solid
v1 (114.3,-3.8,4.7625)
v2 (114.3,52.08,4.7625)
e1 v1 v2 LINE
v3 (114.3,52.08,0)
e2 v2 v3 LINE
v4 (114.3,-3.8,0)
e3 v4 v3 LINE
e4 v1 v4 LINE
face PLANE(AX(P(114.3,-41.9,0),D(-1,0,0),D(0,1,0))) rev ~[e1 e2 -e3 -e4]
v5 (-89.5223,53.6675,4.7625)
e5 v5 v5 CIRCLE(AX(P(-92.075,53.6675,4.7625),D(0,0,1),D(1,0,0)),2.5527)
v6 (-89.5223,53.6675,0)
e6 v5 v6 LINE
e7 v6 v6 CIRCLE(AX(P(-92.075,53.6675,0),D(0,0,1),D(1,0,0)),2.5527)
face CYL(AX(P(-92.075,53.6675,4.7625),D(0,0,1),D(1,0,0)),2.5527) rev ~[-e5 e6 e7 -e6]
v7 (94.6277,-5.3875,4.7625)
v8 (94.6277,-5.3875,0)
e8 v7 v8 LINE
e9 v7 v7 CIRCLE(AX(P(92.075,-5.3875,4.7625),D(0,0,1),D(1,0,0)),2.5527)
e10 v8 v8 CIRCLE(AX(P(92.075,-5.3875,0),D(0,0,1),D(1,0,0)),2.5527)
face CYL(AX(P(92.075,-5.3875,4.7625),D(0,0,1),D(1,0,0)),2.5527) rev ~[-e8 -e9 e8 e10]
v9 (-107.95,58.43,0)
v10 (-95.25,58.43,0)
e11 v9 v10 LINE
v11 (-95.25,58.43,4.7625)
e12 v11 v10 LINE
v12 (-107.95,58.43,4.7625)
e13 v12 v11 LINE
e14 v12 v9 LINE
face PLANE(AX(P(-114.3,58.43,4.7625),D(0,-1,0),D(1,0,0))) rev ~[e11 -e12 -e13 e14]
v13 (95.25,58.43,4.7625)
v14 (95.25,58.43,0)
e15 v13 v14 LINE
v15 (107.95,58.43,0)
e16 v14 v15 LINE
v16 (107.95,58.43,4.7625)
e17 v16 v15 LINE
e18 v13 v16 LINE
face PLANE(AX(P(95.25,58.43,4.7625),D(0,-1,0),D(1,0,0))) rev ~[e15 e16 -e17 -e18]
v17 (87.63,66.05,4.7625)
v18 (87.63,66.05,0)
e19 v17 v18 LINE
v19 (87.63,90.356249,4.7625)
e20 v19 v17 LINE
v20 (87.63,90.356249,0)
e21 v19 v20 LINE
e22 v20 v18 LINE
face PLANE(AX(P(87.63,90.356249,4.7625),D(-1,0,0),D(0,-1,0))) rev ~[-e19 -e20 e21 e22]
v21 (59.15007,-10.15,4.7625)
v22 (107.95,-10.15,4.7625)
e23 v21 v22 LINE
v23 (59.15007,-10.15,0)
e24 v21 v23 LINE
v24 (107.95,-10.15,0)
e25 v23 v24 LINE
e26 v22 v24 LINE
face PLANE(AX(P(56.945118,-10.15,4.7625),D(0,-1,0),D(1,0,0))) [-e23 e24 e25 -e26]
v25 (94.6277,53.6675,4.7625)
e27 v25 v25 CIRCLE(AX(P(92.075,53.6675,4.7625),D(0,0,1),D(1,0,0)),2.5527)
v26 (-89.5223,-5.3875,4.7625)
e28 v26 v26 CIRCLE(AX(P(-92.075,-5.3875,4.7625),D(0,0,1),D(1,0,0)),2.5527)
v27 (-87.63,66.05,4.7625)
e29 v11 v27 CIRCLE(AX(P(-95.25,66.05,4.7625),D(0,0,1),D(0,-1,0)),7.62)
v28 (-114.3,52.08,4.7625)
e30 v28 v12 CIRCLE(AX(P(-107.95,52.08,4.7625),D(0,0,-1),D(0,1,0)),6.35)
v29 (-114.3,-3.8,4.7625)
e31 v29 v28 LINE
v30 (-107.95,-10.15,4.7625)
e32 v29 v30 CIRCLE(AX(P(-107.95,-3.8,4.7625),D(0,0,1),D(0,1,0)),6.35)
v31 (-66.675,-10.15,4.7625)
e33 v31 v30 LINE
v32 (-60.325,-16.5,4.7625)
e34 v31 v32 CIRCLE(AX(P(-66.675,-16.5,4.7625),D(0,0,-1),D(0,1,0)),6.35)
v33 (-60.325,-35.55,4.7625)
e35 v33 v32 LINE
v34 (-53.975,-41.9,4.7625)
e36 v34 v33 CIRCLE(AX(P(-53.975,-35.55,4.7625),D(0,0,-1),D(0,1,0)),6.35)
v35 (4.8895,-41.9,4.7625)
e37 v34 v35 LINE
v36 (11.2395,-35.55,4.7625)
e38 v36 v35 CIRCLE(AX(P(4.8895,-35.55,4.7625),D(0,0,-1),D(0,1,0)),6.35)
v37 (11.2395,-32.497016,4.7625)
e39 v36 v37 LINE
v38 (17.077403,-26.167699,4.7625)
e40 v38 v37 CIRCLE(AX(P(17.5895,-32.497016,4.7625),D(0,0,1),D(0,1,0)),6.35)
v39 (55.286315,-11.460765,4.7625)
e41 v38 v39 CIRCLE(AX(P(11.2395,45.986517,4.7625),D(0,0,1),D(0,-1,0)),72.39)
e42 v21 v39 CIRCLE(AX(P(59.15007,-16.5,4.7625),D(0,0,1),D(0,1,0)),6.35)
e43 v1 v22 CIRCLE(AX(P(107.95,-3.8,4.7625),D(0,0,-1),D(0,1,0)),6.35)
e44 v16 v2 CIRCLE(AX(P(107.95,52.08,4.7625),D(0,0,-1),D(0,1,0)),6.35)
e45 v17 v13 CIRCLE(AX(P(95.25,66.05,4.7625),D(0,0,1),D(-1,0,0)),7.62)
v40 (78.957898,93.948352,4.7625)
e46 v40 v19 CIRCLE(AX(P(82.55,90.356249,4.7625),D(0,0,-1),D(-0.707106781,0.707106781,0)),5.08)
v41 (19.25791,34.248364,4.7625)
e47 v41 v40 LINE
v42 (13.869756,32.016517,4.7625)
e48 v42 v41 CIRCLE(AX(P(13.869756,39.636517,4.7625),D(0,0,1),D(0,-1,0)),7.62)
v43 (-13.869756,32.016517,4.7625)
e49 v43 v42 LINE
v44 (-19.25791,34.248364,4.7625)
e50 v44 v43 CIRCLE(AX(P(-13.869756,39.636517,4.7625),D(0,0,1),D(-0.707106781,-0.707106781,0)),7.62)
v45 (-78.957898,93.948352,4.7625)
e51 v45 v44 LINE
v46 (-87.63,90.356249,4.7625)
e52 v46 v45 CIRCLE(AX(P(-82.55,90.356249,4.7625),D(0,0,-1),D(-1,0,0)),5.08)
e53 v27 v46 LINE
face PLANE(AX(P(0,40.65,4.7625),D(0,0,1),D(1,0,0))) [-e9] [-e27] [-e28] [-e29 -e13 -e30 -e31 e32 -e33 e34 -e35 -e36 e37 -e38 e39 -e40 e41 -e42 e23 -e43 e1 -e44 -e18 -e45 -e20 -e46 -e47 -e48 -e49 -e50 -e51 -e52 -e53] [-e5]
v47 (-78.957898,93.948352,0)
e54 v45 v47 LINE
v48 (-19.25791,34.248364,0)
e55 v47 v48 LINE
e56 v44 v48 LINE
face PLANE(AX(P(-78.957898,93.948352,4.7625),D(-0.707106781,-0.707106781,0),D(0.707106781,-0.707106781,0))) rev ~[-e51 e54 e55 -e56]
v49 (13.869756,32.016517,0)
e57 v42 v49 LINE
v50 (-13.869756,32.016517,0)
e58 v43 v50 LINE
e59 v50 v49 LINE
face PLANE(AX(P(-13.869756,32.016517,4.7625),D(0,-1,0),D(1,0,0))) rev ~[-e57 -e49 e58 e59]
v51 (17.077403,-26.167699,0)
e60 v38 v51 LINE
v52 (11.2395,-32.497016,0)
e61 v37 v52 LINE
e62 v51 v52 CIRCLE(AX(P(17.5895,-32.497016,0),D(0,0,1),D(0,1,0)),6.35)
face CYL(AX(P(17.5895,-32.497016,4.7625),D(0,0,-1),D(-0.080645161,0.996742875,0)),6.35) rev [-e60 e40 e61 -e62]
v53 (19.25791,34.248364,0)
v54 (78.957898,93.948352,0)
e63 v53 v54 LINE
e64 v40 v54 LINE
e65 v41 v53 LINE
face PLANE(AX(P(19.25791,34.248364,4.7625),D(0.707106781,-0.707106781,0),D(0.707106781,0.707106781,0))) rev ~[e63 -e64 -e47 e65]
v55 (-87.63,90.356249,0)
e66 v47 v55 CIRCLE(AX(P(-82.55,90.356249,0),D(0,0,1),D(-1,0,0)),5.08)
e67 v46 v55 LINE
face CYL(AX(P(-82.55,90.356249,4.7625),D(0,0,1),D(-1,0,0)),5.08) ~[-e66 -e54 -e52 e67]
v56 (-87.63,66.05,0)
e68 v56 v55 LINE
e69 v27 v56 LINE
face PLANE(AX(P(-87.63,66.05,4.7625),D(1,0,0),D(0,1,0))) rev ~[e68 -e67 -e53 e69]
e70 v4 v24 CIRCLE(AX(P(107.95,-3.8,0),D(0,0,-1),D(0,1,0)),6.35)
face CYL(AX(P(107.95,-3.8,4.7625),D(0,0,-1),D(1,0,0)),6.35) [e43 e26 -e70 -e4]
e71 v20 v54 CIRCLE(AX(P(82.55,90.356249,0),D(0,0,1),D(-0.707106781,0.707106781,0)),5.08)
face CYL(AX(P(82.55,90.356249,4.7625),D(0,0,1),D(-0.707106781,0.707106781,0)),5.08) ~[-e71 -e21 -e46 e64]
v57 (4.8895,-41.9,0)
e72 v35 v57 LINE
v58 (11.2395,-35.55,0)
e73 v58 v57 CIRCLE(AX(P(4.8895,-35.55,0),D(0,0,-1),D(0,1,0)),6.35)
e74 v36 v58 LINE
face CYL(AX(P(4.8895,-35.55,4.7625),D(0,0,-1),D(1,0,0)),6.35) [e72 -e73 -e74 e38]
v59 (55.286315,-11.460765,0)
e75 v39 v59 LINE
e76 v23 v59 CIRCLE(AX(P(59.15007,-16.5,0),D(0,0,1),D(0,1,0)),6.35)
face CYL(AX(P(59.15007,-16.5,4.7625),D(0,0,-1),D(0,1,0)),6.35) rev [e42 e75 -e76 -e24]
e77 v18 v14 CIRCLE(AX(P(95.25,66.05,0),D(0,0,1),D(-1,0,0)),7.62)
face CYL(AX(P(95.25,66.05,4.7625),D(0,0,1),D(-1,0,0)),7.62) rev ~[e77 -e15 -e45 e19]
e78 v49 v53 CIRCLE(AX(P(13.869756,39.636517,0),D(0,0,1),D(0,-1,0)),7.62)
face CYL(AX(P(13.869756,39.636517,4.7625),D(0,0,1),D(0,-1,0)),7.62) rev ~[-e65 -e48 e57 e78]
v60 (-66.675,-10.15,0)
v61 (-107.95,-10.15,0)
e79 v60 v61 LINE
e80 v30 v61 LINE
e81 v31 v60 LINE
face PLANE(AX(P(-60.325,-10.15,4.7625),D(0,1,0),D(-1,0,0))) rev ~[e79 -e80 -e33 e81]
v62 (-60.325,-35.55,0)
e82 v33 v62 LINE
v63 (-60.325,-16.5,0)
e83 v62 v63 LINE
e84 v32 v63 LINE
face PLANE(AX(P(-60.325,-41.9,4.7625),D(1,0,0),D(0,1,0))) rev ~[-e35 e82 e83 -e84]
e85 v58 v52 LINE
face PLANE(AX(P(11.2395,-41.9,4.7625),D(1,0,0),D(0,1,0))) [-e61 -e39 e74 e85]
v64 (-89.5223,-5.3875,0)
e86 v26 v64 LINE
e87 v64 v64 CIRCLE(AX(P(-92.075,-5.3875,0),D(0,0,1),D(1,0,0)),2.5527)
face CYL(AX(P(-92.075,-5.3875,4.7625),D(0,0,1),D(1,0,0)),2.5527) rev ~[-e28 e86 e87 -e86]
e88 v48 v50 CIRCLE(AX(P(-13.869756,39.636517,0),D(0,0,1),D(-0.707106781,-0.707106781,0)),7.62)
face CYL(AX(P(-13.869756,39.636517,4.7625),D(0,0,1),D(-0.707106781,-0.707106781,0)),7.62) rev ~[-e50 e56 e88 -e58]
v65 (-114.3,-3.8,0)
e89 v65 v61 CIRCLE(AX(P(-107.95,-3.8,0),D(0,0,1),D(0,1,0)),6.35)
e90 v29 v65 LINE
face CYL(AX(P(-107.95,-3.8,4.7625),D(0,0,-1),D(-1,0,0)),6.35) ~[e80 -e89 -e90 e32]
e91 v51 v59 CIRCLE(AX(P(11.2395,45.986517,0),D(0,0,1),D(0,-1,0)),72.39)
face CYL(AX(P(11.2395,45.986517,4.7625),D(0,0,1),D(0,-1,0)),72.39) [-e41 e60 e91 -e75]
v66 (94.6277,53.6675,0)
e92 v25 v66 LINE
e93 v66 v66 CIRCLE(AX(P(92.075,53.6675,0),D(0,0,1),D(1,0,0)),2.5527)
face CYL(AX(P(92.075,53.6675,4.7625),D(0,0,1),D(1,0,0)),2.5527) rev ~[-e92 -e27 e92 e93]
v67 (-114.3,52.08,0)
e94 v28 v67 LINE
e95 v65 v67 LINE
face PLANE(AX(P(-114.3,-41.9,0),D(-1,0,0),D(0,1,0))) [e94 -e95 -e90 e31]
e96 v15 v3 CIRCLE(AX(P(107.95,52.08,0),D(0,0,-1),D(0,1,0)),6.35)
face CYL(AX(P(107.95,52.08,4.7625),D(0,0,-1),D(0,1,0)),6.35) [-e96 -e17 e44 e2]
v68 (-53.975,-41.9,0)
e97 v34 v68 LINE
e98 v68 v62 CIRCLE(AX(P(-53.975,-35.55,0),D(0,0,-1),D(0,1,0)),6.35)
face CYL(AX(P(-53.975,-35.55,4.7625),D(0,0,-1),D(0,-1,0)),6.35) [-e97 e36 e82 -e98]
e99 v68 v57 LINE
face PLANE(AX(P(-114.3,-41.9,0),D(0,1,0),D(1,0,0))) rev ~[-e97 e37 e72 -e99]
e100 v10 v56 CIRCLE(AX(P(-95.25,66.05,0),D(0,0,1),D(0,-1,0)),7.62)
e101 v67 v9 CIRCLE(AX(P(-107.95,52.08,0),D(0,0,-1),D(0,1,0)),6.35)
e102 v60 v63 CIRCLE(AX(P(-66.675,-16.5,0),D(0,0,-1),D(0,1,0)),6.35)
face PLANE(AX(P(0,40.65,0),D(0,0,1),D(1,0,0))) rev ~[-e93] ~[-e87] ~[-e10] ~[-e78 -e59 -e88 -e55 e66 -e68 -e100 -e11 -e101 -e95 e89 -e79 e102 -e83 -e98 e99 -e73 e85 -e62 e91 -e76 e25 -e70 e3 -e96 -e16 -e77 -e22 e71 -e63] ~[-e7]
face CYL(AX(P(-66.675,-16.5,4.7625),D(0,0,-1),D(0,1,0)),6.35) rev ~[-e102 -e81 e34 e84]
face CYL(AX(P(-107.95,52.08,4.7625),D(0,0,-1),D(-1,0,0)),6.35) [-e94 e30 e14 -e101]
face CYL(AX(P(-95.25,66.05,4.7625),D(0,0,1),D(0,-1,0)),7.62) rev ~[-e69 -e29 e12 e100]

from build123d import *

# Parameters (mm, degrees)
SKETCH2_W                  = 228.6
SKETCH2_H                  = 165.1
BOSS_EXTRUDE1_DEPTH        = 4.7625
F_1_2_0_5_DIAMETER_HOLE1_D = 25.4
SKETCH7_R                  = 66.675
CUT_EXTRUDE4_DEPTH         = 169.123203057
FILLET1_R                  = 6.35
CUT_EXTRUDE5_DEPTH         = 169.123203057
FILLET2_R                  = 6.35
SKETCH9_R                  = 2.5527
CUT_EXTRUDE6_DEPTH         = 149.980700263


with BuildPart() as part:
    # Sketch2 → Boss-Extrude1 (new body)
    with BuildSketch(Plane.XY):
        with Locations((0, 40.65)):
            Rectangle(SKETCH2_W, SKETCH2_H)
    extrude(amount=BOSS_EXTRUDE1_DEPTH)

    # 1/2 (0.5) Diameter Hole1 (through all)
    with Locations(Plane.XY.offset(4.7625)):
        with Locations((-38.227, 85.227), (38.227, 85.227), (11.2268, 45.984)):
            Hole(F_1_2_0_5_DIAMETER_HOLE1_D / 2)

    # Sketch7 → Cut-Extrude4 (cut, through all)
    with BuildSketch(Plane(origin=(0, 0, 0), x_dir=(-1, 0, 0), z_dir=(0, 0, -1))):
        with Locations((0, 180.35)):
            Circle(SKETCH7_R)
    extrude(amount=-CUT_EXTRUDE4_DEPTH, mode=Mode.SUBTRACT)

    # Fillet1
    fillet1_edges = [part.edges().sort_by_distance(p)[0] for p in [
        (-114.3, 123.2, 2.38125),
        (114.3, 123.2, 2.38125),
        (114.3, -41.9, 2.38125),
        (-114.3, -41.9, 2.38125),
    ]]
    fillet(fillet1_edges, radius=FILLET1_R)

    # Sketch8 → Cut-Extrude5 (cut, through all)
    with BuildSketch(Plane.XY.offset(4.7625)):
        with BuildLine():
            Line((-107.95, -41.9), (-60.325, -41.9))
            Line((-60.325, -41.9), (-60.325, -10.15))
            Line((-60.325, -10.15), (-114.3, -10.15))
            Line((-114.3, -10.15), (-114.3, -35.55))
            ThreePointArc((-114.3, -35.55), (-112.440128061, -40.040128061), (-107.95, -41.9))
        make_face()
        with BuildLine():
            Line((11.2395, -41.9), (11.2395, -26.403482524))
            ThreePointArc((11.2395, -26.403482524), (35.494289217, -22.219180967), (56.945117879, -10.15))
            Line((56.945117879, -10.15), (114.3, -10.15))
            Line((114.3, -10.15), (114.3, -35.55))
            ThreePointArc((114.3, -35.55), (112.440128061, -40.040128061), (107.95, -41.9))
            Line((107.95, -41.9), (11.2395, -41.9))
        make_face()
        with BuildLine():
            Line((-114.3, 58.43), (-95.25, 58.43))
            ThreePointArc((-95.25, 58.43), (-89.861846327, 60.661846327), (-87.63, 66.05))
            Line((-87.63, 66.05), (-87.63, 90.356249112))
            ThreePointArc((-87.63, 90.356249112), (-84.494031836, 95.049557138), (-78.957897552, 93.948351561))
            Line((-78.957897552, 93.948351561), (-19.257909794, 34.248363803))
            ThreePointArc((-19.257909794, 34.248363803), (-16.785803876, 32.596555438), (-13.869756121, 32.016517476))
            Line((-13.869756121, 32.016517476), (13.869756121, 32.016517476))
            ThreePointArc((13.869756121, 32.016517476), (16.785803876, 32.596555438), (19.257909794, 34.248363803))
            Line((19.257909794, 34.248363803), (78.957897552, 93.948351561))
            ThreePointArc((78.957897552, 93.948351561), (84.494031836, 95.049557138), (87.63, 90.356249112))
            Line((87.63, 90.356249112), (87.63, 66.05))
            ThreePointArc((87.63, 66.05), (89.861846327, 60.661846327), (95.25, 58.43))
            Line((95.25, 58.43), (114.3, 58.43))
            Line((114.3, 58.43), (114.3, 163.646139438))
            Line((114.3, 163.646139438), (-114.3, 163.646139438))
            Line((-114.3, 163.646139438), (-114.3, 58.43))
        make_face()
    extrude(amount=-CUT_EXTRUDE5_DEPTH, mode=Mode.SUBTRACT)

    # Fillet2
    fillet2_edges = [part.edges().sort_by_distance(p)[0] for p in [
        (11.2395, -41.9, 2.38125),
        (11.2395, -26.403482524, 2.38125),
        (56.945117879, -10.15, 2.38125),
        (114.3, -10.15, 2.38125),
        (-60.325, -10.15, 2.38125),
        (-60.325, -41.9, 2.38125),
        (-114.3, -10.15, 2.38125),
        (-114.3, 58.43, 2.38125),
        (114.3, 58.43, 2.38125),
    ]]
    fillet(fillet2_edges, radius=FILLET2_R)

    # Sketch9 → Cut-Extrude6 (cut, through all)
    with BuildSketch(Plane.XY.offset(4.7625)):
        with Locations((-92.075, 53.6675)):
            Circle(SKETCH9_R)
        with Locations((92.075, 53.6675)):
            Circle(SKETCH9_R)
        with Locations((92.075, -5.3875)):
            Circle(SKETCH9_R)
        with Locations((-92.075, -5.3875)):
            Circle(SKETCH9_R)
    extrude(amount=-CUT_EXTRUDE6_DEPTH, mode=Mode.SUBTRACT)


solid = part.part
